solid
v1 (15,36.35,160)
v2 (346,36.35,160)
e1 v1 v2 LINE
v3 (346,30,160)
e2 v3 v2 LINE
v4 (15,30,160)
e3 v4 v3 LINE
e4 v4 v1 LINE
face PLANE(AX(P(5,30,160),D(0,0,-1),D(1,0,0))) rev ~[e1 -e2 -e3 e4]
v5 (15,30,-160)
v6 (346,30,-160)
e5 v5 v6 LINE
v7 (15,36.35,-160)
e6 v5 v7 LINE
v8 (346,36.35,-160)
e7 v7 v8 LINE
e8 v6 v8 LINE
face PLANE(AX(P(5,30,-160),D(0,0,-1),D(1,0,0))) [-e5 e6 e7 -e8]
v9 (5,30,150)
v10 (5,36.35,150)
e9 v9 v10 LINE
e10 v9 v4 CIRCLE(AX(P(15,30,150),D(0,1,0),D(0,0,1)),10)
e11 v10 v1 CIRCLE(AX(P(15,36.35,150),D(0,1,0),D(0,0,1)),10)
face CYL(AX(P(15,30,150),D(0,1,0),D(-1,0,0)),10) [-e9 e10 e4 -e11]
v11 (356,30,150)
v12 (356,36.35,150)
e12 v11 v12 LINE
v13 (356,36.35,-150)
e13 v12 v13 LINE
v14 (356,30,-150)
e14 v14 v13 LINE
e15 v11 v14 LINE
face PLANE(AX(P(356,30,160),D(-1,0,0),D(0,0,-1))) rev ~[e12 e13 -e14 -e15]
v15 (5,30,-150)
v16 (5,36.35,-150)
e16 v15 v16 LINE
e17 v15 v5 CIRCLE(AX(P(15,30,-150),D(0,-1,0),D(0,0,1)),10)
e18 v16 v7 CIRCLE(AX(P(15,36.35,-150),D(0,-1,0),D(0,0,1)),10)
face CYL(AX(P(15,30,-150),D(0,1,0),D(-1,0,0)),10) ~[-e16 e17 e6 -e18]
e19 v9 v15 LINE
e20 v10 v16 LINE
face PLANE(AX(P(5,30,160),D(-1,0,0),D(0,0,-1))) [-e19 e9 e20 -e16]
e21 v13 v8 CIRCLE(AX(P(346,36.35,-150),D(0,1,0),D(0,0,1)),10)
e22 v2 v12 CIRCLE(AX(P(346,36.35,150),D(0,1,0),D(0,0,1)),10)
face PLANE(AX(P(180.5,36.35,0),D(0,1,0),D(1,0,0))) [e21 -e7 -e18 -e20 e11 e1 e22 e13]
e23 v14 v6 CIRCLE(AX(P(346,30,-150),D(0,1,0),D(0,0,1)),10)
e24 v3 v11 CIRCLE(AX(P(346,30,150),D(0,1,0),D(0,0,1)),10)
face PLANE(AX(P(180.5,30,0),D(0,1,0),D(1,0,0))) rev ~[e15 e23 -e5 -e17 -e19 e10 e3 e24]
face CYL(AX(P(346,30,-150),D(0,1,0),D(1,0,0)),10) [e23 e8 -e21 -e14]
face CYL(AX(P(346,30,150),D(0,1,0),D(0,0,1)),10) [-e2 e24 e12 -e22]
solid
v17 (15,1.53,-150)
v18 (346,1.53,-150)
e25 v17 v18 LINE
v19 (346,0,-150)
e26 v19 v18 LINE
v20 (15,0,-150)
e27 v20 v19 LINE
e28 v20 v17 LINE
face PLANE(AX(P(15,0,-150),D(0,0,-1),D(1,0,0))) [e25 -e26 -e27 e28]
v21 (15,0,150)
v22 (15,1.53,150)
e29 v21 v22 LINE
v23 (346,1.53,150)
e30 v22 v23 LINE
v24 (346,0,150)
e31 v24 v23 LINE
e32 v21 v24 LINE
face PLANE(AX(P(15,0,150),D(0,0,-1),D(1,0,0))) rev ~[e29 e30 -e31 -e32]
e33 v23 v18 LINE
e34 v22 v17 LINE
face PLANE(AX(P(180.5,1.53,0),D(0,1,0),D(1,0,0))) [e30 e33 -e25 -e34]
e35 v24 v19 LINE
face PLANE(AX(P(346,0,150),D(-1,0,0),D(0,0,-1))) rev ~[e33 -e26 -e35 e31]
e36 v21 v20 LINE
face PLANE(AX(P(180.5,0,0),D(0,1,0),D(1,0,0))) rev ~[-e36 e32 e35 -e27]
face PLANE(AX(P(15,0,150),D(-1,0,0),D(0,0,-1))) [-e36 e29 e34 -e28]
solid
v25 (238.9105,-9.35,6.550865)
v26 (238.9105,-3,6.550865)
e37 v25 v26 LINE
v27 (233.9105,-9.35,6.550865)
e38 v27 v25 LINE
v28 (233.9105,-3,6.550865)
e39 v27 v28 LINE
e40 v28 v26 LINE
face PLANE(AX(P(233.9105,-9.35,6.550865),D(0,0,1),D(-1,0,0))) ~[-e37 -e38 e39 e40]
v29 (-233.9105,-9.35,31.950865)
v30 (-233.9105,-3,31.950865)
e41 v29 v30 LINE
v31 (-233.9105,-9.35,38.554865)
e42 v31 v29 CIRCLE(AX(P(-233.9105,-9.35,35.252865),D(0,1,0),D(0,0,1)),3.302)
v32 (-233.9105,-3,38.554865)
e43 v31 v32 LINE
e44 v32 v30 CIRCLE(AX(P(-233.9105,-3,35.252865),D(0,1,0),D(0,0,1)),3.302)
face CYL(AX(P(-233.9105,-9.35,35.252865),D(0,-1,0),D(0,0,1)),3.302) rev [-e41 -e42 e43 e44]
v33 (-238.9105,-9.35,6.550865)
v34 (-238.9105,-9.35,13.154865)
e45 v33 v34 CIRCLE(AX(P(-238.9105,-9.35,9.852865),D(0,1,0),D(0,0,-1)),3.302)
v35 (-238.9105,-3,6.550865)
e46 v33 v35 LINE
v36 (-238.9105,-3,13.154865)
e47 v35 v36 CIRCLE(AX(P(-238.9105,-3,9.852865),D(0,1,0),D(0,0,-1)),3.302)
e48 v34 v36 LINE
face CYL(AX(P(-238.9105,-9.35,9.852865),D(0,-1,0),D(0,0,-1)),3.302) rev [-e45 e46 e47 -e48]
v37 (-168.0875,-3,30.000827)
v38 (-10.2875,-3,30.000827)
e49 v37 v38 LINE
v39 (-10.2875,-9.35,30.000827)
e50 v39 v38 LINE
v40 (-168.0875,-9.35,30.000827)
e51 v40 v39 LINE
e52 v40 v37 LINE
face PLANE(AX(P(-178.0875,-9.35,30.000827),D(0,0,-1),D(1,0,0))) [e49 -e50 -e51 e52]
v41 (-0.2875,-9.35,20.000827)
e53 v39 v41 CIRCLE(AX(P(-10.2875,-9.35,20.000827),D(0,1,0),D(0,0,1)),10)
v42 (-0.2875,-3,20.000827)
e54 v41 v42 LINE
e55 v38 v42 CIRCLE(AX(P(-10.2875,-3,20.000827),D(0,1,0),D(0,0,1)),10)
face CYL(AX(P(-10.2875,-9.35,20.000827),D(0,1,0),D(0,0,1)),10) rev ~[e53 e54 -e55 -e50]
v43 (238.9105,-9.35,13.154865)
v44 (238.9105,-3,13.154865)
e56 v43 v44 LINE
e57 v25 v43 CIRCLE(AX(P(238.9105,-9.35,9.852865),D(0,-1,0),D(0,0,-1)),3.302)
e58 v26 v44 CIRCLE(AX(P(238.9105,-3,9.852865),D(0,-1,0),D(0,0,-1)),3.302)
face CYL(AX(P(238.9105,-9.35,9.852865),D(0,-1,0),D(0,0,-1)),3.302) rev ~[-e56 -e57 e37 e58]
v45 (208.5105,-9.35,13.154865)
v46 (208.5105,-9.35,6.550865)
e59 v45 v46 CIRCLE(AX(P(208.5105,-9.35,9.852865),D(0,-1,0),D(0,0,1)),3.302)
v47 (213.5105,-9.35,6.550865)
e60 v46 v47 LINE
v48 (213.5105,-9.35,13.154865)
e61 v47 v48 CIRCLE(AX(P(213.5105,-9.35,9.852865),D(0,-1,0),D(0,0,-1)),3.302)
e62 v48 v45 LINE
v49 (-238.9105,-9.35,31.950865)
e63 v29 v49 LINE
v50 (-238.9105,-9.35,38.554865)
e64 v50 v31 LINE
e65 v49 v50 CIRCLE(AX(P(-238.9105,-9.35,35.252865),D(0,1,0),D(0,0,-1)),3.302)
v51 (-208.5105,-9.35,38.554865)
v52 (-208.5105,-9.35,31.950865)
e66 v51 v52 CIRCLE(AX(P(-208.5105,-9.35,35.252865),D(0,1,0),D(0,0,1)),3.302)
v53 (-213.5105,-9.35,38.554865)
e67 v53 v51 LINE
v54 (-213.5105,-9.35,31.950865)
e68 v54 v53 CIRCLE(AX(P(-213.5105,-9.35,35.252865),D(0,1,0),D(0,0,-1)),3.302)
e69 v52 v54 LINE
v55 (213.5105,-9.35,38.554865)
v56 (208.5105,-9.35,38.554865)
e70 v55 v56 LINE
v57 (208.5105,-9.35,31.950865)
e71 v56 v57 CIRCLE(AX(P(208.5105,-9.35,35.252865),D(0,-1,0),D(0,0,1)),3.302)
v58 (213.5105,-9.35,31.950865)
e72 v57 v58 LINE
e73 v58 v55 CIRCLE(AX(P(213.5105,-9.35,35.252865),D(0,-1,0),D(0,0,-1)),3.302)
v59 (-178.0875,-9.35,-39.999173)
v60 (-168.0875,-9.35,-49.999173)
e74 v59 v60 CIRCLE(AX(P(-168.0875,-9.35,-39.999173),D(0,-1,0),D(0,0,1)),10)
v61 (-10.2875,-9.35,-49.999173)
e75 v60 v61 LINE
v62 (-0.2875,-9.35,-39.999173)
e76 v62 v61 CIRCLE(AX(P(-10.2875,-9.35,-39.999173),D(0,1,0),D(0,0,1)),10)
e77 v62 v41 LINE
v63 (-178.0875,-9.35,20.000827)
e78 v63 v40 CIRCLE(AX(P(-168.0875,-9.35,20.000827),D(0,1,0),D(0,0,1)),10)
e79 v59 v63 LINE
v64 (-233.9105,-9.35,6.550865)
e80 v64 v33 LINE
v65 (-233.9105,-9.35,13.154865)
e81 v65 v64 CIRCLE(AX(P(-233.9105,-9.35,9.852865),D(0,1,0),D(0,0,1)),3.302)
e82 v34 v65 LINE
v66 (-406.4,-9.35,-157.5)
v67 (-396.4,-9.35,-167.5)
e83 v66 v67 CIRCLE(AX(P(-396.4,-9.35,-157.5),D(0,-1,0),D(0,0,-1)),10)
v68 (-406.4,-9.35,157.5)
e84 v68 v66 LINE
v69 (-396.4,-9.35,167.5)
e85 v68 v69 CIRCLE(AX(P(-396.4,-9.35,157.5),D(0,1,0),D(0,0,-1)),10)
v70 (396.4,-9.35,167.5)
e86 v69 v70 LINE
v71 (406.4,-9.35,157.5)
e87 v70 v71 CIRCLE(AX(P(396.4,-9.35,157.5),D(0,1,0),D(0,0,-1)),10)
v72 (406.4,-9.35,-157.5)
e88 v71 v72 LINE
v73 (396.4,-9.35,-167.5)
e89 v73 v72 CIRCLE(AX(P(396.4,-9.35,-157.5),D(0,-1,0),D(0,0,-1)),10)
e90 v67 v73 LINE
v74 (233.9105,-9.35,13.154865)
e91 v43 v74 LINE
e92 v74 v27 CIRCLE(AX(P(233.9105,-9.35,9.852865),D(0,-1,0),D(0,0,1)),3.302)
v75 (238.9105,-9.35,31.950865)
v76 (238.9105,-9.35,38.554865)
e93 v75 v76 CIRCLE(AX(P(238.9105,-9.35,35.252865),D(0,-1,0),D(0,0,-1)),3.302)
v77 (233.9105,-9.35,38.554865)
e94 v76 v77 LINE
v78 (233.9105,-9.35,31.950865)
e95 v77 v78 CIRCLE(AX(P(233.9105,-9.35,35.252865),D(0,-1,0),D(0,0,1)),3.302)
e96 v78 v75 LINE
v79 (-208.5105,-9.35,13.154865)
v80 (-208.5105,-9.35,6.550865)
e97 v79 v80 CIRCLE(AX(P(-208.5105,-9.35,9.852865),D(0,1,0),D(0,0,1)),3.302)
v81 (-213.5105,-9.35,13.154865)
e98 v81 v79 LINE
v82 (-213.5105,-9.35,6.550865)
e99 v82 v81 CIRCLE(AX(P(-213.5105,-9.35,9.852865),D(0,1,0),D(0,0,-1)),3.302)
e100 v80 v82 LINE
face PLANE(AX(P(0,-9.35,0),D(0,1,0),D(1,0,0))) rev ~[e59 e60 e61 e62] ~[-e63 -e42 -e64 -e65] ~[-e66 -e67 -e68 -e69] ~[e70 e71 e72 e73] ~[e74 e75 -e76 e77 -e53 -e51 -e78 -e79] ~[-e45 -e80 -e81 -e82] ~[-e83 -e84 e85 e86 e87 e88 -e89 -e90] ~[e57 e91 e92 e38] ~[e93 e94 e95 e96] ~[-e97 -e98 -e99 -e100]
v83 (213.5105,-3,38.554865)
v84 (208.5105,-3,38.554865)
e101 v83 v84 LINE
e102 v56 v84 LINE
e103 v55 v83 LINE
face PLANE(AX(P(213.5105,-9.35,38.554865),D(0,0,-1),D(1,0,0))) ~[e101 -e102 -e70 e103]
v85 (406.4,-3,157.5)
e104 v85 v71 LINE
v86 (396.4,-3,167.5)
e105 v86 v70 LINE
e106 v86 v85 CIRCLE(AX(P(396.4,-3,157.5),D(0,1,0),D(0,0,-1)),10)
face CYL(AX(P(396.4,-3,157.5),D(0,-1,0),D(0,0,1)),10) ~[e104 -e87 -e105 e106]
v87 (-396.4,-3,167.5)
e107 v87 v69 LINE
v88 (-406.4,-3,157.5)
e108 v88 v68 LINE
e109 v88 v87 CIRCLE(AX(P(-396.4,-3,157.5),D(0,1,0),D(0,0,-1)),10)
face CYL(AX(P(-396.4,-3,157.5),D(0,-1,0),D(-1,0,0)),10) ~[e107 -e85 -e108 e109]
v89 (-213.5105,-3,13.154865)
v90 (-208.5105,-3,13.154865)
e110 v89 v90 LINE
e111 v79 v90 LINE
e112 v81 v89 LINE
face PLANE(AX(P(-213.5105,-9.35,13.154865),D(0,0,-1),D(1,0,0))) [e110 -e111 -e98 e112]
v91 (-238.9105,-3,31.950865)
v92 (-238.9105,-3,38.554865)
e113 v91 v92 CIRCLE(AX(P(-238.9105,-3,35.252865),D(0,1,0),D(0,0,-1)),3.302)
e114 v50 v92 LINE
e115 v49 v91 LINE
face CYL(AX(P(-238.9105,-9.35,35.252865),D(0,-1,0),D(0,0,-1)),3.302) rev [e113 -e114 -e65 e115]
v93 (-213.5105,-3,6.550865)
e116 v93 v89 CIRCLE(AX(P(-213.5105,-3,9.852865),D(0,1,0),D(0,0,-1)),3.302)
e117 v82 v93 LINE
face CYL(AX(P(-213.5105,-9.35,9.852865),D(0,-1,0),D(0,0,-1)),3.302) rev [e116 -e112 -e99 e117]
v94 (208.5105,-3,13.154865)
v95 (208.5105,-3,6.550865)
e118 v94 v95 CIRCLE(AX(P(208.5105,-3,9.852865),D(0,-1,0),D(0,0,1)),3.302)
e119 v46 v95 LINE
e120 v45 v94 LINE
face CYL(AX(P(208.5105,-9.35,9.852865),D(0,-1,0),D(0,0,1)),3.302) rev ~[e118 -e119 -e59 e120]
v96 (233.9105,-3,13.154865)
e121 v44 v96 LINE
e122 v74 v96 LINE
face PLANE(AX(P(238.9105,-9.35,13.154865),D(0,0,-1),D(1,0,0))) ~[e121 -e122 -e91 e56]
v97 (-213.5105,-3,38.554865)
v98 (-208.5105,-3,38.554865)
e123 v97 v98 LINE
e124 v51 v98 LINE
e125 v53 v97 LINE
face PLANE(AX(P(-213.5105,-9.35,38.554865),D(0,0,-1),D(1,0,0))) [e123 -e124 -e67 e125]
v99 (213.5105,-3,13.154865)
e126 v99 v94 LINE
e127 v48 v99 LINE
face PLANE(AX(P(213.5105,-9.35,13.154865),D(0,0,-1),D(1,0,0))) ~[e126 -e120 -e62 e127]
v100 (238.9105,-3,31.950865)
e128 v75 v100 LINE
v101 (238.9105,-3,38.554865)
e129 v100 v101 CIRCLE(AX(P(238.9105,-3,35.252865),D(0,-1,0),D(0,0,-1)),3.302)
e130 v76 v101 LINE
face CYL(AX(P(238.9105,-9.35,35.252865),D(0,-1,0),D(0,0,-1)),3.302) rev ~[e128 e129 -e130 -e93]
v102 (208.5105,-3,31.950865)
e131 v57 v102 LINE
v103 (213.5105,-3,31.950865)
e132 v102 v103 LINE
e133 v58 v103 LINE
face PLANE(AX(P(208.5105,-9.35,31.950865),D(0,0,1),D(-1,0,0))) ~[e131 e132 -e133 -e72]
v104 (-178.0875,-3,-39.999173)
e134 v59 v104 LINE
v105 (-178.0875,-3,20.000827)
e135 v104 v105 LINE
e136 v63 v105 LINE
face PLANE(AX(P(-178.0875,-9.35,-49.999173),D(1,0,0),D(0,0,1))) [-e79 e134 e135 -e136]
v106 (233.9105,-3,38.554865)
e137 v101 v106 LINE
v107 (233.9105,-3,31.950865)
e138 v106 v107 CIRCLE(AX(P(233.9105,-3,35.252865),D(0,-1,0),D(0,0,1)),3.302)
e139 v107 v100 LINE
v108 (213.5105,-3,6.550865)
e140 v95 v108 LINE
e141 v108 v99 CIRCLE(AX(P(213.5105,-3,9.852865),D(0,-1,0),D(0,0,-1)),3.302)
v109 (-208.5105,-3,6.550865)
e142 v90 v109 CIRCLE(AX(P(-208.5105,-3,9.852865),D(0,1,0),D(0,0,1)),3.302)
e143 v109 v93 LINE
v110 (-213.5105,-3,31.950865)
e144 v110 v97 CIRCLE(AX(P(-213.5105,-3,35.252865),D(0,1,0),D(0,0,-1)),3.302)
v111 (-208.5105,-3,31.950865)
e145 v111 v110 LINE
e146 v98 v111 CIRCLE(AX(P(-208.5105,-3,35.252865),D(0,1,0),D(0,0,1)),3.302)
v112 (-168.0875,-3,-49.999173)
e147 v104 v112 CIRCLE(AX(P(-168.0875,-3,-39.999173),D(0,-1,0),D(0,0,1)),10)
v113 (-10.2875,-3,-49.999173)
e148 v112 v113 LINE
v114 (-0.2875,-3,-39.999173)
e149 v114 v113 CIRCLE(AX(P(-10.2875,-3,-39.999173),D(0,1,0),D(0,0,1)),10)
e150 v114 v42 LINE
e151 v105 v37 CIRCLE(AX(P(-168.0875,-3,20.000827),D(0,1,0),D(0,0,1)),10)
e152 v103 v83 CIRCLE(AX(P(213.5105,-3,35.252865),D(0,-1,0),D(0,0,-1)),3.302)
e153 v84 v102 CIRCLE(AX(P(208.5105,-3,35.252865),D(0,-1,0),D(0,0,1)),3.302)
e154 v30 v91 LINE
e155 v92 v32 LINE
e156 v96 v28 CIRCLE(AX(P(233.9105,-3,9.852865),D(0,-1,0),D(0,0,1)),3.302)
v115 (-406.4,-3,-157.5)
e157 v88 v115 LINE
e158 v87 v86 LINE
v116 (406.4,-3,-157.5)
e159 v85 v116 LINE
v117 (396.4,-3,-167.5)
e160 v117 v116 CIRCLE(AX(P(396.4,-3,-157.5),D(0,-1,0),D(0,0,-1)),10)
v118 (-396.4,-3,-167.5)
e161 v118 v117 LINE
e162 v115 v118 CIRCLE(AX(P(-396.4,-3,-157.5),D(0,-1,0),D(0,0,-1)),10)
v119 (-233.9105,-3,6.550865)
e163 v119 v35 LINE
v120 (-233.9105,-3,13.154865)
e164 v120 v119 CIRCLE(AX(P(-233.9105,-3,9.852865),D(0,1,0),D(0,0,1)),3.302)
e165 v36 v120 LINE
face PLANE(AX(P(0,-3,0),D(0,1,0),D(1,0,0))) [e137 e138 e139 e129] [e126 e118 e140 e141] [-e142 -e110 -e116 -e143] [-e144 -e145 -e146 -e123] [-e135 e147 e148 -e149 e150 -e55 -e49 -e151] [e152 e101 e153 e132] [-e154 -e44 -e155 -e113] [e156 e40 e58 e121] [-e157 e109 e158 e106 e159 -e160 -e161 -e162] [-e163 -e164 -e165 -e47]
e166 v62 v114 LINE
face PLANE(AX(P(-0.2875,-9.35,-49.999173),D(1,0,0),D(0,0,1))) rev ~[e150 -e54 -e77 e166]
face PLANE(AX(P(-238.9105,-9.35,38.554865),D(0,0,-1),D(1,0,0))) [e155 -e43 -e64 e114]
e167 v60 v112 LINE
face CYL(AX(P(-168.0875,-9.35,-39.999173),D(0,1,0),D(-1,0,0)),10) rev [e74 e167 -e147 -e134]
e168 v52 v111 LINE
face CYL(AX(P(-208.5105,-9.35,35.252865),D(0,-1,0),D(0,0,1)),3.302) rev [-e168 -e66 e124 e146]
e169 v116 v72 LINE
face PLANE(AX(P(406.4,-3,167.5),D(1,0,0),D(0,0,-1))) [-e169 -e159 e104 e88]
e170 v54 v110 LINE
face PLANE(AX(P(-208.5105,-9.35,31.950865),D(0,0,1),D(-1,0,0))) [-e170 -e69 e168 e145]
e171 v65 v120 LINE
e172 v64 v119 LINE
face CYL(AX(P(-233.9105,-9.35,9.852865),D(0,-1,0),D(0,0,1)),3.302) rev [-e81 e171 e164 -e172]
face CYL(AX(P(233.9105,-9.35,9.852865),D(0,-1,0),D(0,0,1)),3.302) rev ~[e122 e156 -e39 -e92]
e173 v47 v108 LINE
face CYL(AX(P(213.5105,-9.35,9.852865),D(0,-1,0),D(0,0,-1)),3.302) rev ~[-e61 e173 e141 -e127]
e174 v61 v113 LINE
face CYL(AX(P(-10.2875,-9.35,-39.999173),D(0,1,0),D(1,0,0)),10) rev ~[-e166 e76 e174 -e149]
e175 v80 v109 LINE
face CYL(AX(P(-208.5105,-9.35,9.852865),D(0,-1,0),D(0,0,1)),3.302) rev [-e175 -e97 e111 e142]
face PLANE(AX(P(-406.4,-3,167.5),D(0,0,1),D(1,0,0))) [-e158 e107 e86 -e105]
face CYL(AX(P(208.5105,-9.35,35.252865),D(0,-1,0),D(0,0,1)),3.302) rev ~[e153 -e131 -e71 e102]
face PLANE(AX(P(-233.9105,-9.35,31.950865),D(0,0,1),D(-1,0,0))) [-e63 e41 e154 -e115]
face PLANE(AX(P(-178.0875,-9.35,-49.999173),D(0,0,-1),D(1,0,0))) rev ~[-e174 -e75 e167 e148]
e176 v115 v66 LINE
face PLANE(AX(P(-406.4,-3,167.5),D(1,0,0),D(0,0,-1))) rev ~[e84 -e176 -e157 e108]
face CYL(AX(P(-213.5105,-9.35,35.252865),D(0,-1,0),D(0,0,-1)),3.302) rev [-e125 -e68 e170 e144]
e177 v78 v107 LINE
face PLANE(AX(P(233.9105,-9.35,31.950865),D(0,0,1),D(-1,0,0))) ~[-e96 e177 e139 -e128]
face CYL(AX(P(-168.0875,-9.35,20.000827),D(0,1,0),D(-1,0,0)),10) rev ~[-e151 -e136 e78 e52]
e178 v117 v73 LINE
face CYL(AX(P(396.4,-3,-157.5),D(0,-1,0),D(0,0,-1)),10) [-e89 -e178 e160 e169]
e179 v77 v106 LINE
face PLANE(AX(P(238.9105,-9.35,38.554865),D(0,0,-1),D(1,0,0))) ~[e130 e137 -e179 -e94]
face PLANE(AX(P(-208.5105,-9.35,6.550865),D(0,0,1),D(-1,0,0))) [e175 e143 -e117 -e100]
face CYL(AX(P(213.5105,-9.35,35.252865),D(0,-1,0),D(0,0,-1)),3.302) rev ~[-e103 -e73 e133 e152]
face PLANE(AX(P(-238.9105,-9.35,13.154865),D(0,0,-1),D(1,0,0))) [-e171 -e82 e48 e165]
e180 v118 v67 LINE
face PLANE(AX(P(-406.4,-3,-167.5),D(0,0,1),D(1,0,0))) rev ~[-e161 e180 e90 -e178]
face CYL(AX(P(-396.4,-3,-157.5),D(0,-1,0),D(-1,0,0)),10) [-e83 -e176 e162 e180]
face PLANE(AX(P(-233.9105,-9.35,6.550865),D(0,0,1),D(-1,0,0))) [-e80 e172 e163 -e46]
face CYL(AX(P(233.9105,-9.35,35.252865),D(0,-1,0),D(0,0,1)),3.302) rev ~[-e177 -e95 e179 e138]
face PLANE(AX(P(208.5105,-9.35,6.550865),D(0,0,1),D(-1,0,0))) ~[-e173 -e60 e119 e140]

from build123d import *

# Parameters (mm, degrees)
SKETCH1_W           = 331
SKETCH1_H           = 300
BOSS_EXTRUDE1_DEPTH = 1.53
SKETCH3_W           = 812.8
SKETCH3_H           = 335
BOSS_EXTRUDE2_DEPTH = 6.35
CUT_EXTRUDE1_DEPTH  = 6.35
FILLET1_R           = 10
BOSS_EXTRUDE3_START = 30
SKETCH5_W           = 351
SKETCH5_H           = 320
BOSS_EXTRUDE3_DEPTH = 6.35
FILLET2_R           = 10
SKETCH6_W           = 177.8
SKETCH6_H           = 80
CUT_EXTRUDE2_DEPTH  = 6.35
FILLET3_R           = 10


with BuildPart() as part:
    # Sketch1 → Boss-Extrude1 (new body)
    with BuildSketch(Plane(origin=(0, 0, 0), x_dir=(1, 0, 0), z_dir=(0, 1, 0))):
        with Locations((180.5, 0)):
            Rectangle(SKETCH1_W, SKETCH1_H)
    extrude(amount=BOSS_EXTRUDE1_DEPTH)


with BuildPart() as body_2:
    # Sketch3 → Boss-Extrude2 (new body)
    with BuildSketch(Plane(origin=(0, -3, 0), x_dir=(1, 0, 0), z_dir=(0, 1, 0))):
        Rectangle(SKETCH3_W, SKETCH3_H)
    extrude(amount=-BOSS_EXTRUDE2_DEPTH)

    # Sketch4 → Cut-Extrude1 (cut)
    with BuildSketch(Plane.XZ.offset(9.35)):
        with BuildLine():
            Line((-208.5105, 6.550865079), (-213.5105, 6.550865079))
            ThreePointArc((-213.5105, 6.550865079), (-216.8125, 9.852865079), (-213.5105, 13.154865079))
            Line((-213.5105, 13.154865079), (-208.5105, 13.154865079))
            ThreePointArc((-208.5105, 13.154865079), (-205.2085, 9.852865079), (-208.5105, 6.550865079))
        make_face()
        with BuildLine():
            Line((-233.9105, 6.550865079), (-238.9105, 6.550865079))
            ThreePointArc((-238.9105, 6.550865079), (-242.2125, 9.852865079), (-238.9105, 13.154865079))
            Line((-238.9105, 13.154865079), (-233.9105, 13.154865079))
            ThreePointArc((-233.9105, 13.154865079), (-230.6085, 9.852865079), (-233.9105, 6.550865079))
        make_face()
        with BuildLine():
            Line((-208.5105, 31.950865079), (-213.5105, 31.950865079))
            ThreePointArc((-213.5105, 31.950865079), (-216.8125, 35.252865079), (-213.5105, 38.554865079))
            Line((-213.5105, 38.554865079), (-208.5105, 38.554865079))
            ThreePointArc((-208.5105, 38.554865079), (-205.2085, 35.252865079), (-208.5105, 31.950865079))
        make_face()
        with BuildLine():
            Line((-233.9105, 31.950865079), (-238.9105, 31.950865079))
            ThreePointArc((-238.9105, 31.950865079), (-242.2125, 35.252865079), (-238.9105, 38.554865079))
            Line((-238.9105, 38.554865079), (-233.9105, 38.554865079))
            ThreePointArc((-233.9105, 38.554865079), (-230.6085, 35.252865079), (-233.9105, 31.950865079))
        make_face()
    cut_extrude1 = extrude(amount=-CUT_EXTRUDE1_DEPTH, mode=Mode.SUBTRACT)

    # Mirror1: Cut-Extrude1 across plane
    add(cut_extrude1.mirror(Plane.ZY), mode=Mode.SUBTRACT)

    # Fillet1
    fillet1_edges = [body_2.edges().sort_by_distance(p)[0] for p in [
        (406.4, -6.175, 167.5),
        (-406.4, -6.175, 167.5),
        (-406.4, -6.175, -167.5),
        (406.4, -6.175, -167.5),
    ]]
    fillet(fillet1_edges, radius=FILLET1_R)

    # Sketch6 → Cut-Extrude2 (cut)
    with BuildSketch(Plane.XZ.offset(9.35)):
        with Locations((-89.1875, -9.999173431)):
            Rectangle(SKETCH6_W, SKETCH6_H)
    extrude(amount=-CUT_EXTRUDE2_DEPTH, mode=Mode.SUBTRACT)

    # Fillet3
    fillet3_edges = [body_2.edges().sort_by_distance(p)[0] for p in [
        (-0.2875, -6.175, 30.000826569),
        (-0.2875, -6.175, -49.999173431),
        (-178.0875, -6.175, -49.999173431),
        (-178.0875, -6.175, 30.000826569),
    ]]
    fillet(fillet3_edges, radius=FILLET3_R)


with BuildPart() as body_3:
    # Sketch5 → Boss-Extrude3 (new body)
    with BuildSketch(Plane(origin=(0, 0, 0), x_dir=(1, 0, 0), z_dir=(0, 1, 0)).offset(BOSS_EXTRUDE3_START)):
        with Locations((180.5, 0)):
            Rectangle(SKETCH5_W, SKETCH5_H)
    extrude(amount=BOSS_EXTRUDE3_DEPTH)

    # Fillet2
    fillet2_edges = [body_3.edges().sort_by_distance(p)[0] for p in [
        (5, 33.175, 160),
        (5, 33.175, -160),
        (356, 33.175, -160),
        (356, 33.175, 160),
    ]]
    fillet(fillet2_edges, radius=FILLET2_R)


solid = Compound([part.part, body_2.part, body_3.part])
